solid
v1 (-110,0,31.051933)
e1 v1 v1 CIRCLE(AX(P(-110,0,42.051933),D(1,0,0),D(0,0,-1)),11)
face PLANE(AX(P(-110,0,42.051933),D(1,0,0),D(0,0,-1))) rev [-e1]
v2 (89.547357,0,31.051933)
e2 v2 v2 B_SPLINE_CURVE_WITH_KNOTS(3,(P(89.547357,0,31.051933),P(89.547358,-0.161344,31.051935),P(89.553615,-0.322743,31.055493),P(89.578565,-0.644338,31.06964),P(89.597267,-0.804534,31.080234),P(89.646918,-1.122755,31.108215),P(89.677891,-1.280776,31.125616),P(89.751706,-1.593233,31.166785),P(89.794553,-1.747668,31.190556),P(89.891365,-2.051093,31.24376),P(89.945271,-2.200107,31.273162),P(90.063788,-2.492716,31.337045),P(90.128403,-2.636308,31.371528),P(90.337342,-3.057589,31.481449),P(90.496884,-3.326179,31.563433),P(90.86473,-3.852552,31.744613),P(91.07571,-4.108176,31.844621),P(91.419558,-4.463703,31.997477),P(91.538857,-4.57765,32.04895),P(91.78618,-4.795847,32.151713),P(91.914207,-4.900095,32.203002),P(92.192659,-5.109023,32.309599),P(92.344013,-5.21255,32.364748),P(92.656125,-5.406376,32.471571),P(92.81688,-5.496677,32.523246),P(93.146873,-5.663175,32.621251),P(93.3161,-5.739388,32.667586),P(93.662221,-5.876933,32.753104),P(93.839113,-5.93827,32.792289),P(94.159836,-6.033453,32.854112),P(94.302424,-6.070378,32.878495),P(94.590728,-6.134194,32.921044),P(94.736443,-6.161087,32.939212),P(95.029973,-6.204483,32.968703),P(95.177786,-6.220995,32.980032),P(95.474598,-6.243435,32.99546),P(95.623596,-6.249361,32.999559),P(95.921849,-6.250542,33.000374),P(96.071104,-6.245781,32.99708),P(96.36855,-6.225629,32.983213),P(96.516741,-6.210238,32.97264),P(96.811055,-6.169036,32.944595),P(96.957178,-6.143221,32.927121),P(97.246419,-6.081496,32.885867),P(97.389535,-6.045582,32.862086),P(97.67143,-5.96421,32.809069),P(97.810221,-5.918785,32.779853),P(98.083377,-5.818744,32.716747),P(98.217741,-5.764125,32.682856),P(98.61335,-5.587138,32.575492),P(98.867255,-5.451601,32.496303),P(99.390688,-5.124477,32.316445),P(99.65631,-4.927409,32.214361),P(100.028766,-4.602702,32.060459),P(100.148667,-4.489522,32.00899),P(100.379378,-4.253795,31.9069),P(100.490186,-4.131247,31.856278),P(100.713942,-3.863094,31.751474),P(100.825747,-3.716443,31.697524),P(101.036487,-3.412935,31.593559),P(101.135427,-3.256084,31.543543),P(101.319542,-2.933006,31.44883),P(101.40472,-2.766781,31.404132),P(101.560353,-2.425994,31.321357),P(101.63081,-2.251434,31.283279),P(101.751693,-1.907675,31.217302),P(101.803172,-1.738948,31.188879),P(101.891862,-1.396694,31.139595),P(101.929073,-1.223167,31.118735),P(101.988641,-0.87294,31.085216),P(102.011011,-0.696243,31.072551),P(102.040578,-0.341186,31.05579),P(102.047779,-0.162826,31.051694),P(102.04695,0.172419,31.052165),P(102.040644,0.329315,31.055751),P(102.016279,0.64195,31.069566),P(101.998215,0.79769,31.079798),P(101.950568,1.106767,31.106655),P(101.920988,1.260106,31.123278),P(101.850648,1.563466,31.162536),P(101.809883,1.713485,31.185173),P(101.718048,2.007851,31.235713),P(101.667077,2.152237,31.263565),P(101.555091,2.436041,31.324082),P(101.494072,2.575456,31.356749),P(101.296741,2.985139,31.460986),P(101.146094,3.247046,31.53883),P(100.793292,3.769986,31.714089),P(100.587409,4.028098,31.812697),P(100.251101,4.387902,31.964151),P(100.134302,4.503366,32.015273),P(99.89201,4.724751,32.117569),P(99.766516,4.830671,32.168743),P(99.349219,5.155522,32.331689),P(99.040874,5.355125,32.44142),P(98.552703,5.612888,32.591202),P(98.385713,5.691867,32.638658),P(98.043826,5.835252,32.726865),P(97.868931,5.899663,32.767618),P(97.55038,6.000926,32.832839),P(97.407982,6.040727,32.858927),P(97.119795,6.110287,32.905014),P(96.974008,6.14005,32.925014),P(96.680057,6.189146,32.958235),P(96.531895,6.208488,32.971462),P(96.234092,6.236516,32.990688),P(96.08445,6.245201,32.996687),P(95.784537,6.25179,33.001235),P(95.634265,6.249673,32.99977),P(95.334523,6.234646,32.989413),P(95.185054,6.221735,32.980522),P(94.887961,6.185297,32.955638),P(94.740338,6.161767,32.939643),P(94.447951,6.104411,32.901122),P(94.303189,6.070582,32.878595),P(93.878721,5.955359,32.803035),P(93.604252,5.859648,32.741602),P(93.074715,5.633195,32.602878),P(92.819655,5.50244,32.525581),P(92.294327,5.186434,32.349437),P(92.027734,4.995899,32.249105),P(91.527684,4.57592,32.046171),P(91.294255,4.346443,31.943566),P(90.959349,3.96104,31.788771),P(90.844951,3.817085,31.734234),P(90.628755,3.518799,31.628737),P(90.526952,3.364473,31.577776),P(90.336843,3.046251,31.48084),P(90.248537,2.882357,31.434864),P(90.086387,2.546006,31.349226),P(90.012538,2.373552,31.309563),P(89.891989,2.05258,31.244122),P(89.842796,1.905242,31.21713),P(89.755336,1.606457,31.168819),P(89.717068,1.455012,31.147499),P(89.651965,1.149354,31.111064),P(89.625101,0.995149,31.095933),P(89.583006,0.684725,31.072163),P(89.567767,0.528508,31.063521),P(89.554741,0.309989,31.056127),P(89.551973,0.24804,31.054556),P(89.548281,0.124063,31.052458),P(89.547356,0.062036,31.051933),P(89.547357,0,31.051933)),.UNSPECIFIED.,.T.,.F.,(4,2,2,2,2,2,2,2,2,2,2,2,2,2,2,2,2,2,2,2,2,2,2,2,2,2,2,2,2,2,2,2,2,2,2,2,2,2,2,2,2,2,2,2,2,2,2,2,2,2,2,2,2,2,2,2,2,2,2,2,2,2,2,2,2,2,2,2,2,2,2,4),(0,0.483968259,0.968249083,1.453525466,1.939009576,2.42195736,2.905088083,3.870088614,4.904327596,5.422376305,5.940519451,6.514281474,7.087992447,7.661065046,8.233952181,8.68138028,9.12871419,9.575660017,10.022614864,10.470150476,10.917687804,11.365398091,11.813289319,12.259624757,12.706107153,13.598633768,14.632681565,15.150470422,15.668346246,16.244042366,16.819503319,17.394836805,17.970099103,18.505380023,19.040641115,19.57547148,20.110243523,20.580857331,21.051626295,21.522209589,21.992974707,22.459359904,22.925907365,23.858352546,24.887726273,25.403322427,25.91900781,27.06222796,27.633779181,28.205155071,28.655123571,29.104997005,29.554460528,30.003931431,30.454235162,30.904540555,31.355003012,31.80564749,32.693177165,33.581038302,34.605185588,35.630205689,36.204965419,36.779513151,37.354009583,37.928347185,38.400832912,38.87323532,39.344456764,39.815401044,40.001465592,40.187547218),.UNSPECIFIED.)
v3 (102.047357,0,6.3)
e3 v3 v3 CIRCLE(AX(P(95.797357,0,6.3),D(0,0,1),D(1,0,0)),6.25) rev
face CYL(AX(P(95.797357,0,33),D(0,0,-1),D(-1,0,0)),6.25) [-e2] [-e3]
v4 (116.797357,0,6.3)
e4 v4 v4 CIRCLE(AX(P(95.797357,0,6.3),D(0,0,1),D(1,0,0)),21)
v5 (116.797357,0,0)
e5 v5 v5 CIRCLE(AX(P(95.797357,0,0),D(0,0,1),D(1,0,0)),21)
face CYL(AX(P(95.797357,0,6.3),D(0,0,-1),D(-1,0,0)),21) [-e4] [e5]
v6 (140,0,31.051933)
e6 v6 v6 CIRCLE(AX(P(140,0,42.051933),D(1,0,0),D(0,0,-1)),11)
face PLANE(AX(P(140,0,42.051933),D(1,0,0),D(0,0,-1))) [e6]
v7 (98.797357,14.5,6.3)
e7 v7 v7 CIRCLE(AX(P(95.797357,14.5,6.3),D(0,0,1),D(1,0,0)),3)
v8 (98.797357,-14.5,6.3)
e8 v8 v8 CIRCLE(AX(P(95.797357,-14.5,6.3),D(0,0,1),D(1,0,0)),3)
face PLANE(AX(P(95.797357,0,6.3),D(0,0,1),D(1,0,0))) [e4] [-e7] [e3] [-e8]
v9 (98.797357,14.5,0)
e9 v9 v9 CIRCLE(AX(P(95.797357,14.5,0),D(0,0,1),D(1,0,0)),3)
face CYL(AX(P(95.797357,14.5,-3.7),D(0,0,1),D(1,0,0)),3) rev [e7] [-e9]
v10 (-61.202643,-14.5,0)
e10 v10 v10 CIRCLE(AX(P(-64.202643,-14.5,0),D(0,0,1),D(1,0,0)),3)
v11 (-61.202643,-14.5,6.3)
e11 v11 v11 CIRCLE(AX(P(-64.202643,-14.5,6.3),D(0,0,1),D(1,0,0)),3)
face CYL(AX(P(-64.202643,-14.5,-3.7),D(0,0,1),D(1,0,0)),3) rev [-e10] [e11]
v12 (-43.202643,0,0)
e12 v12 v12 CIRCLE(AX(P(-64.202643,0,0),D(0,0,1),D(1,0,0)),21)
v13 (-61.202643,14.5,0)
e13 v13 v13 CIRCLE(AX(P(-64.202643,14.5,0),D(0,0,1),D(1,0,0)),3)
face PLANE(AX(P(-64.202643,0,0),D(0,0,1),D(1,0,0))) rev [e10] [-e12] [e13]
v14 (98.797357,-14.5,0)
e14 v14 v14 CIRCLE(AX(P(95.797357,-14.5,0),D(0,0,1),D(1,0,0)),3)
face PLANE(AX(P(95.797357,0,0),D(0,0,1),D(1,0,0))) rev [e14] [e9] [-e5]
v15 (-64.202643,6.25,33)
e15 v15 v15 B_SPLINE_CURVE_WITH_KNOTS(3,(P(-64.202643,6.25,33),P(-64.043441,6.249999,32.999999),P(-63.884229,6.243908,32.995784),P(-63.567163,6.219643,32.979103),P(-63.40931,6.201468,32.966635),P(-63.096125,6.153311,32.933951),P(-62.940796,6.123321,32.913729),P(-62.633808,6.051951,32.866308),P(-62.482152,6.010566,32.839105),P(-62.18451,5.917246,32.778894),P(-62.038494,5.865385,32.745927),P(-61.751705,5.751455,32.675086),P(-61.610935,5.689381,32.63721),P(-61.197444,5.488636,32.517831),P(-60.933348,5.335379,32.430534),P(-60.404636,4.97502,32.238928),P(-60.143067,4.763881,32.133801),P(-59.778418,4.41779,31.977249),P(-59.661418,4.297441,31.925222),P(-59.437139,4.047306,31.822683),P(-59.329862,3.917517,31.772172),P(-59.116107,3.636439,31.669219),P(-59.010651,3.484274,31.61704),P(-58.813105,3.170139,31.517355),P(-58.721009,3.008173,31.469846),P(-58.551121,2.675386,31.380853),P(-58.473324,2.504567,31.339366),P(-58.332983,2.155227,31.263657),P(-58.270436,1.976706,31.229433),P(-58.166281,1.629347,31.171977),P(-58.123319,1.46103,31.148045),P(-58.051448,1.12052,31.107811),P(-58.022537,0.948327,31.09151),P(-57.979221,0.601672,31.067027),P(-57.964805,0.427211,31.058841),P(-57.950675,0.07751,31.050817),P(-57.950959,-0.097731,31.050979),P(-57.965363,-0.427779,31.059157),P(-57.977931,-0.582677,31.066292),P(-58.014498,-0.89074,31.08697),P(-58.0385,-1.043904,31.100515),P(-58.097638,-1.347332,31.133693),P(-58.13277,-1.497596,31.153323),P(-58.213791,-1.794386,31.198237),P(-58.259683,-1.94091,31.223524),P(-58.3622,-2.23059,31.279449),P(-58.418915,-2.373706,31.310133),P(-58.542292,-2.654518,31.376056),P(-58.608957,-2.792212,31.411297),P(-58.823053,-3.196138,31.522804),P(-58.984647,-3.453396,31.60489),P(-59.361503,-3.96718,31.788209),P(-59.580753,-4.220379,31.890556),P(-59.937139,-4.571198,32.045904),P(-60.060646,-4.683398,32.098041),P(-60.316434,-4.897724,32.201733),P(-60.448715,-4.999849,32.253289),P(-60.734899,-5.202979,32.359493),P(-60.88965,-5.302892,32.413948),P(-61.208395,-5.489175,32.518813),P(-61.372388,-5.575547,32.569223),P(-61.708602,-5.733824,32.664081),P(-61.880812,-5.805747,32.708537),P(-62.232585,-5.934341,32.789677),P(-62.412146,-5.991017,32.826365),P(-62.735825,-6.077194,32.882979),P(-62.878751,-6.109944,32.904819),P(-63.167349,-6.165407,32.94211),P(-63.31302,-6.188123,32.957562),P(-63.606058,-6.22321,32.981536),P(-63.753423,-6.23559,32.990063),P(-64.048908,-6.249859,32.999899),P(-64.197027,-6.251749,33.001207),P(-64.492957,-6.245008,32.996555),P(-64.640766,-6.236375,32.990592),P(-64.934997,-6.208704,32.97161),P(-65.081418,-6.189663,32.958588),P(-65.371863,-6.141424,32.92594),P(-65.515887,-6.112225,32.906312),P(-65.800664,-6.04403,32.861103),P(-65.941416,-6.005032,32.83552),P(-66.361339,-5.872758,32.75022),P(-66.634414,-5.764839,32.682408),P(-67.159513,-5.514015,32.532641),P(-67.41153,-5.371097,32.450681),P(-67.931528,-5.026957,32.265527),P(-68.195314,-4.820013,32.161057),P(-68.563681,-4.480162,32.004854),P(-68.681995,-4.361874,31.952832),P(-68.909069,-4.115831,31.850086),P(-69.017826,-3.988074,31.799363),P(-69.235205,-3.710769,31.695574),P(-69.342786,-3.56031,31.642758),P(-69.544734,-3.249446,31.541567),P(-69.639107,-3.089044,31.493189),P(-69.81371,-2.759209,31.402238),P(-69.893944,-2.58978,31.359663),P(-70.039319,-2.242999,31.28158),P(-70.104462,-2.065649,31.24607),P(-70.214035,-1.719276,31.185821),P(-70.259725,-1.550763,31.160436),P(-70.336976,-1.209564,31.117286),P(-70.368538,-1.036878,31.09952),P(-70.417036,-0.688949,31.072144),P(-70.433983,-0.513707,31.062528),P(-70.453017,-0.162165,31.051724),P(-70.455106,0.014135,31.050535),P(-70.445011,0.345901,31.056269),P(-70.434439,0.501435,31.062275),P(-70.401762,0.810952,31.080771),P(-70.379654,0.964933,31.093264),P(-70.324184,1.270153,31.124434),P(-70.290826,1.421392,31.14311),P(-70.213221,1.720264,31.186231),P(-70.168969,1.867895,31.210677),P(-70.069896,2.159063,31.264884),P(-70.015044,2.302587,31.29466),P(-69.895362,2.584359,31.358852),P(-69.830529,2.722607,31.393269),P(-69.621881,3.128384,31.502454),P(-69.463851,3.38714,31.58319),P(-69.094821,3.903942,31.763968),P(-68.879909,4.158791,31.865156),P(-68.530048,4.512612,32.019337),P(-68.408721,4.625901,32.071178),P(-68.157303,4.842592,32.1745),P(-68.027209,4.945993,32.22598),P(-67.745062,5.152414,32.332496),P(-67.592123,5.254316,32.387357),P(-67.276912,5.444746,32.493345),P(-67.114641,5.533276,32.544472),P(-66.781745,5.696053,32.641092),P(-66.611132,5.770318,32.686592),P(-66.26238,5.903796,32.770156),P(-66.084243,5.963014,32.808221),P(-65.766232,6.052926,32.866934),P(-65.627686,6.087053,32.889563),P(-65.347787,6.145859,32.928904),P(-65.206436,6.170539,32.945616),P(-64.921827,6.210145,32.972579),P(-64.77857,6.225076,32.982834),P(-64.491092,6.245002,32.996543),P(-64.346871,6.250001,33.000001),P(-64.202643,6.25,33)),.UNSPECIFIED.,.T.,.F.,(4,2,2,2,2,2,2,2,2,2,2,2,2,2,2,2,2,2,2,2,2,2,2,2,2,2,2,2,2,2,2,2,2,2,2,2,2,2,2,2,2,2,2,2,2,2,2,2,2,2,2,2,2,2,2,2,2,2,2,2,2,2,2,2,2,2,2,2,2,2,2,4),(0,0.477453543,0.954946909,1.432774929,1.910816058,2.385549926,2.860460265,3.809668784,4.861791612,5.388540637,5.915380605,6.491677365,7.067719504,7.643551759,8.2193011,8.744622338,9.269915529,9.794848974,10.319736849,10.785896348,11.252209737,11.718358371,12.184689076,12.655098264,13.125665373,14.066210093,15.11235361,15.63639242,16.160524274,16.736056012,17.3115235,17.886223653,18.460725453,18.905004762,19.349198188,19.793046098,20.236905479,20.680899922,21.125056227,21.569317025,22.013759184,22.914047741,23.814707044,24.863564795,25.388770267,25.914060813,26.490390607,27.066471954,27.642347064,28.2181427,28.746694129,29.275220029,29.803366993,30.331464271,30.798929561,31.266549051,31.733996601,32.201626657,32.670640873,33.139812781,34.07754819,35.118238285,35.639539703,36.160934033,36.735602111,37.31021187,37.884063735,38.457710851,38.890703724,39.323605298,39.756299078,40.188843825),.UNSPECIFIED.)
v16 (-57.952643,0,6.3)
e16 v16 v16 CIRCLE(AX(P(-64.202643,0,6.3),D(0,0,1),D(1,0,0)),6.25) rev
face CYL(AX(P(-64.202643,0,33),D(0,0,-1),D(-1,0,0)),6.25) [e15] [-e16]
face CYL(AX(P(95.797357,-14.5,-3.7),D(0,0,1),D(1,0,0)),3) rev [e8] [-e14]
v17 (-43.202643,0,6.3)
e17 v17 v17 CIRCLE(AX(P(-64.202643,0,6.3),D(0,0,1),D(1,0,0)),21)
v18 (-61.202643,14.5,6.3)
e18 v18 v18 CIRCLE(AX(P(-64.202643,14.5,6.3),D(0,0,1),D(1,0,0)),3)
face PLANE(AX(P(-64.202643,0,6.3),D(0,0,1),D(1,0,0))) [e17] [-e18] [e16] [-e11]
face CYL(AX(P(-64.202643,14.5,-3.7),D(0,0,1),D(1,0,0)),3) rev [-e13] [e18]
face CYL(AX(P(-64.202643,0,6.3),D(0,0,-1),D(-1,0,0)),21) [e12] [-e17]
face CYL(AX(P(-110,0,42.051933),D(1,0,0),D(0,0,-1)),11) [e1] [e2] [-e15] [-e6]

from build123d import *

# Parameters (mm, degrees)
SKETCH_1_R           = 21
EXTRUDE_3_DEPTH      = 6.3
EXTRUDE_3_2_DEPTH    = 6.3
SKETCH_3_R           = 6.25
EXTRUDE_4_DEPTH      = 33
EXTRUDE_5_DEPTH      = 140
EXTRUDE_5_DEPTH_BACK = 110
SKETCH_4_R           = 11
SKETCH_5_R           = 3
CUT_EXTRUDE_1_DEPTH  = 10


with BuildPart() as part:
    # 草圖1 → 填料-伸長3 (new body)
    with BuildSketch(Plane.XY):
        with Locations((-64.202643172, 0)):
            Circle(SKETCH_1_R)
    extrude(amount=EXTRUDE_3_DEPTH)



with BuildPart() as body_2:
    # 草圖1 → Extrude 3 2 (new body)
    with BuildSketch(Plane.XY):
        with Locations((95.797356828, 0)):
            Circle(SKETCH_1_R)
    extrude(amount=EXTRUDE_3_2_DEPTH)


with BuildPart() as part_1:
    add(part.part)

    add(body_2.part)  # 填料-伸長4 merges body 2
    # 草圖3 → 填料-伸長4 (add)
    with BuildSketch(Plane.XY):
        with Locations((-64.202643172, 0)):
            Circle(SKETCH_3_R)
        with Locations((95.797356828, 0)):
            Circle(SKETCH_3_R)
    extrude(amount=EXTRUDE_4_DEPTH)

    # 草圖4 → 填料-伸長5 (add, two sides: drawn at the far end of the back side and taken through both)
    with BuildSketch(Plane(origin=(0, 0, 0), x_dir=(0, 0, -1), z_dir=(1, 0, 0)).offset(-EXTRUDE_5_DEPTH_BACK)):
        with Locations((-42.051933495, 0)):
            Circle(SKETCH_4_R)
    extrude(amount=EXTRUDE_5_DEPTH + EXTRUDE_5_DEPTH_BACK)

    # 草圖5 → 除料-伸長1 (cut)
    with BuildSketch(Plane.XY.offset(6.3)):
        with Locations((-64.202643172, 14.5)):
            Circle(SKETCH_5_R)
        with Locations((-64.202643172, -14.5)):
            Circle(SKETCH_5_R)
        with Locations((95.797356828, 14.5)):
            Circle(SKETCH_5_R)
        with Locations((95.797356828, -14.5)):
            Circle(SKETCH_5_R)
    extrude(amount=-CUT_EXTRUDE_1_DEPTH, mode=Mode.SUBTRACT)


solid = part_1.part
